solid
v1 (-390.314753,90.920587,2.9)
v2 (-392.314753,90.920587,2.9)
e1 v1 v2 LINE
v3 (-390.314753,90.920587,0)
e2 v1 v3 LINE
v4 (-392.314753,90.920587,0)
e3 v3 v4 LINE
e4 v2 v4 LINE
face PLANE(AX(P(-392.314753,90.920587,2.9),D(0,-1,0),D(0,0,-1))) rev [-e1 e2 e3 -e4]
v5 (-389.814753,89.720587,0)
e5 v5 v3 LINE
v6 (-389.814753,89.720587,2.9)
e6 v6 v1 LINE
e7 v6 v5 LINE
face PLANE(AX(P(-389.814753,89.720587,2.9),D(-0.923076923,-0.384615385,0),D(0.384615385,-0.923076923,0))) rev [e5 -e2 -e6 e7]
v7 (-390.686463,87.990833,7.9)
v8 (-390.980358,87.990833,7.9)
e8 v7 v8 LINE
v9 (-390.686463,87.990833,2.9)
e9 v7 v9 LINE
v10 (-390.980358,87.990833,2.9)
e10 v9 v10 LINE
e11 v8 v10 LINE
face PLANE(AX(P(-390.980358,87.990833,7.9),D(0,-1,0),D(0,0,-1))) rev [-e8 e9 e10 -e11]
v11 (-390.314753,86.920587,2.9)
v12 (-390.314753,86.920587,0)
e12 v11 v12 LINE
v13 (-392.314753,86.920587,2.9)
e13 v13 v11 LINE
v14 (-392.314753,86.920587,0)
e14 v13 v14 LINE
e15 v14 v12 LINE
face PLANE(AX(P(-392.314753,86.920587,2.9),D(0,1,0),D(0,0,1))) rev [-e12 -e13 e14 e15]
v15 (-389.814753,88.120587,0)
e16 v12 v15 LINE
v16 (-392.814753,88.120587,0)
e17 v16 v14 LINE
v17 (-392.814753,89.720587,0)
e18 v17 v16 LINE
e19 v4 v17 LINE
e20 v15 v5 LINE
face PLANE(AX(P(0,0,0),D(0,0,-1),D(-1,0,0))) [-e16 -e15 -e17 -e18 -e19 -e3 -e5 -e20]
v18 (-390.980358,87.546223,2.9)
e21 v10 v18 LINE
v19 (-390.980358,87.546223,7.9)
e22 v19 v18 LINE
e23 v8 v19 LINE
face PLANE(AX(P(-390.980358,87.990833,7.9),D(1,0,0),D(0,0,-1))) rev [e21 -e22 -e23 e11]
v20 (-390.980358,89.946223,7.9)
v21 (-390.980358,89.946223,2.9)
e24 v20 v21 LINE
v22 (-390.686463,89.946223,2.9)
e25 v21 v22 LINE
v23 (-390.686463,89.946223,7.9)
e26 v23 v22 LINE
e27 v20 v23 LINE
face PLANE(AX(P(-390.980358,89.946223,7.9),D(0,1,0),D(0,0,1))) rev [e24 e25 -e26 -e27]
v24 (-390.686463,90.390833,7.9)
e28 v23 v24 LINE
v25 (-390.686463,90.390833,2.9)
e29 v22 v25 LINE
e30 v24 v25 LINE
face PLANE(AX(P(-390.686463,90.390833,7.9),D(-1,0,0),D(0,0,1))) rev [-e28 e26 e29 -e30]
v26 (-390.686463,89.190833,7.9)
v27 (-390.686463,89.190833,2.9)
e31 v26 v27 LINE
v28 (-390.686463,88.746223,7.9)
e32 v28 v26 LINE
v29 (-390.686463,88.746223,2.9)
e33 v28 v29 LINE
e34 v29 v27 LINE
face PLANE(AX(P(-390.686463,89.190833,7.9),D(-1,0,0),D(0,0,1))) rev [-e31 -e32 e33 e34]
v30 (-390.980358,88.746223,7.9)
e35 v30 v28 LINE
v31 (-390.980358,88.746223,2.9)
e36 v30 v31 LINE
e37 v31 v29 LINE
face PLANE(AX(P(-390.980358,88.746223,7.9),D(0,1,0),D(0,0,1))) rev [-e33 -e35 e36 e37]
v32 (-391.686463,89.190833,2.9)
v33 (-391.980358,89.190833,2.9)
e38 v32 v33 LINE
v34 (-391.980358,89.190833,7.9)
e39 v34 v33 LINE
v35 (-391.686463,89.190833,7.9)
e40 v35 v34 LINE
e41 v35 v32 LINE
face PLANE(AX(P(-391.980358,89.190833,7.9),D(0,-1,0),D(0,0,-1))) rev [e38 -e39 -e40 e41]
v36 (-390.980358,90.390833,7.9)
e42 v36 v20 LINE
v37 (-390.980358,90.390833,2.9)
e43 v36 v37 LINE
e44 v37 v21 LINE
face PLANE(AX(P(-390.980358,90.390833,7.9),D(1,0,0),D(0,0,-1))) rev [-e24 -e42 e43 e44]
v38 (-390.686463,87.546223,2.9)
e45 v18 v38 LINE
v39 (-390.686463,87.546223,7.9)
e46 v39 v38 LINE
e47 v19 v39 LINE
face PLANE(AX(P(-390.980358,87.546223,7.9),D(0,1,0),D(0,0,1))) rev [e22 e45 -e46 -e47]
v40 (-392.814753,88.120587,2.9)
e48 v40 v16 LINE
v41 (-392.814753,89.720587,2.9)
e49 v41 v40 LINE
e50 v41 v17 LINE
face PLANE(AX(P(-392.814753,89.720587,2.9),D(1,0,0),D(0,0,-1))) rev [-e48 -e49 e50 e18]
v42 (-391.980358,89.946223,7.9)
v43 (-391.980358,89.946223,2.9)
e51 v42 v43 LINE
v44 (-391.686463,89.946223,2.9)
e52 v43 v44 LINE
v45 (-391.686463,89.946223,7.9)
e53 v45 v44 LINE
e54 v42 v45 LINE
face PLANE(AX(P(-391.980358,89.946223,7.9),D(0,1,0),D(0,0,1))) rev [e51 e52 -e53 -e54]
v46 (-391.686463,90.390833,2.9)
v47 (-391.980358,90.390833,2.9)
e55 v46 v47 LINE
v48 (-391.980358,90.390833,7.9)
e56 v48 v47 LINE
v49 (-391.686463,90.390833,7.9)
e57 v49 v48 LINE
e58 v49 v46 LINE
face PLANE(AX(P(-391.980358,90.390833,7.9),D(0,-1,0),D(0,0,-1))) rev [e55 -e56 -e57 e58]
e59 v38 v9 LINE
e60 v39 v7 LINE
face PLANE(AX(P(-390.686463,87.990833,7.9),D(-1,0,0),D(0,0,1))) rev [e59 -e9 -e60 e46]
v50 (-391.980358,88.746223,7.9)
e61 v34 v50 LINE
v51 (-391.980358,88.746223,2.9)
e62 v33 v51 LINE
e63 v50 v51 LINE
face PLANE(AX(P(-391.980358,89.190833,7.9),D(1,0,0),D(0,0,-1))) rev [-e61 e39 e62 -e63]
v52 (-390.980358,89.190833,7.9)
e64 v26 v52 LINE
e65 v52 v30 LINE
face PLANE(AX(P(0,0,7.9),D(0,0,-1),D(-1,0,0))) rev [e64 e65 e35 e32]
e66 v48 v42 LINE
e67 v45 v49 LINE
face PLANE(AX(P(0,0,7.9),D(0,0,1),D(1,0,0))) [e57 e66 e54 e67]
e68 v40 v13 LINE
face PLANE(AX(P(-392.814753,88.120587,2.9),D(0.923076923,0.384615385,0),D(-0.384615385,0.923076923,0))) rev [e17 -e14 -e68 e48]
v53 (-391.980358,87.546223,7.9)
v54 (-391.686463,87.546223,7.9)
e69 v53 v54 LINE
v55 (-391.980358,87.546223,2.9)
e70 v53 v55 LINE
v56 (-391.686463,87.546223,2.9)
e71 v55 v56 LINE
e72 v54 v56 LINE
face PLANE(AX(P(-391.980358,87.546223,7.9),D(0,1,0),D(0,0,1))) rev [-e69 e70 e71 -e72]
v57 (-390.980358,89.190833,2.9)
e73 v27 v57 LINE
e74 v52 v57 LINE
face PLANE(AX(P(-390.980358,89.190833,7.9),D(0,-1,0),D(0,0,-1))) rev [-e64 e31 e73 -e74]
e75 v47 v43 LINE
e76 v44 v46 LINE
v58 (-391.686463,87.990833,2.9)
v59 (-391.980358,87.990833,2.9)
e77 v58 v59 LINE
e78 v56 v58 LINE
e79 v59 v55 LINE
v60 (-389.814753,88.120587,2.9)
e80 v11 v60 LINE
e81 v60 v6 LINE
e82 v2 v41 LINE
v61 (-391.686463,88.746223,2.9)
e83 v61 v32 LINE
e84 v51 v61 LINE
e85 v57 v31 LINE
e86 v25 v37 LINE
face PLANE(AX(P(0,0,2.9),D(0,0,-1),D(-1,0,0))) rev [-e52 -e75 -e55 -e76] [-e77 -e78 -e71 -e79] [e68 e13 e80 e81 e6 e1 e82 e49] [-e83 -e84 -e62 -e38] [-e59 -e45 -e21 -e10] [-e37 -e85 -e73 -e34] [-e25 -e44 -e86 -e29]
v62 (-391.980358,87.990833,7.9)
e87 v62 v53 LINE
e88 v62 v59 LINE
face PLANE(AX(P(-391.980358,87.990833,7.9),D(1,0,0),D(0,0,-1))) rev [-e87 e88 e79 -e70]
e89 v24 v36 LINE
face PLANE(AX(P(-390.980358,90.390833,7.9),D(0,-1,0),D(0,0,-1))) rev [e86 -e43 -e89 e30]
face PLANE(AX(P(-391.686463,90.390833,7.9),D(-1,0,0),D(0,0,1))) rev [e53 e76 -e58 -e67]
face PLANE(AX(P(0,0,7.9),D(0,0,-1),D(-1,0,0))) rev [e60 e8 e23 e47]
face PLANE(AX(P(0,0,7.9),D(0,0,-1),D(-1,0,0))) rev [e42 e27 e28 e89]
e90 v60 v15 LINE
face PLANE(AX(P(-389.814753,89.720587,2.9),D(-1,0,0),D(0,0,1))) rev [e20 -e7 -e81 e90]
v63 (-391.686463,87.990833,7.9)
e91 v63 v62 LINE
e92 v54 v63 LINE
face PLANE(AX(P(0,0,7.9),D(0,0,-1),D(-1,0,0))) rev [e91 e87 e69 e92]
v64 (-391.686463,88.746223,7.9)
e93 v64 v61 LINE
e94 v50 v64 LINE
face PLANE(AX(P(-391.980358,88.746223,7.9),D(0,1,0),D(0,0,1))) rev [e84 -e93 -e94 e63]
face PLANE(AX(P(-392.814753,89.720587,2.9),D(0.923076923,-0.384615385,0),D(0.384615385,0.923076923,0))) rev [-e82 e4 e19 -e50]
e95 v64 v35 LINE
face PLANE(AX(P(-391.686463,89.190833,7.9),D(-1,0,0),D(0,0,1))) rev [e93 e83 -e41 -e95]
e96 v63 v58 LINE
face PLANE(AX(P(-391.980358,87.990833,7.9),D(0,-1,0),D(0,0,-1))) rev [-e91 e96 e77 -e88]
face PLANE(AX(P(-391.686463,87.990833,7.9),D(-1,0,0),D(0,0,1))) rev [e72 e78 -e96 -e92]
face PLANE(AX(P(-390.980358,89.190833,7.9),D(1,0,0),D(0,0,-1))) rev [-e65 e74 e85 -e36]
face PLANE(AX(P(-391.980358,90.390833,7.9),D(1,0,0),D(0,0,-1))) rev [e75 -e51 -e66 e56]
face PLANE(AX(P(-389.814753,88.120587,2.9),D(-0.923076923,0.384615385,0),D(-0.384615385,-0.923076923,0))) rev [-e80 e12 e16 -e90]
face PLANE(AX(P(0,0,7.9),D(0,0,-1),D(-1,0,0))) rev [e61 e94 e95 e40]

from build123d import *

# Parameters (mm, degrees)
EXTRUDE_1_DEPTH = 2.9
SKETCH_2_W      = 0.293894488
SKETCH_2_H      = 0.44460961
EXTRUDE_2_DEPTH = 5


with BuildPart() as part:
    # Эскиз1 → Бобышка-Вытянуть1 (new body)
    with BuildSketch(Plane.XY):
        Polygon((-392.814753218, 89.720587497), (-392.314753218, 90.920587497), (-390.314753218, 90.920587497), (-389.814753218, 89.720587497), (-389.814753218, 88.120587497), (-390.314753218, 86.920587497), (-392.314753218, 86.920587497), (-392.814753218, 88.120587497), align=None)
    extrude(amount=EXTRUDE_1_DEPTH)

    # Эскиз2 → Бобышка-Вытянуть2 (add)
    with BuildSketch(Plane.XY.offset(2.9)):
        with Locations((-390.83341038, 90.168528042)):
            Rectangle(SKETCH_2_W, SKETCH_2_H)
        with Locations((-391.83341038, 90.168528042)):
            Rectangle(SKETCH_2_W, SKETCH_2_H)
        with Locations((-390.83341038, 88.968528042)):
            Rectangle(SKETCH_2_W, SKETCH_2_H)
        with Locations((-390.83341038, 87.768528042)):
            Rectangle(SKETCH_2_W, SKETCH_2_H)
        with Locations((-391.83341038, 88.968528042)):
            Rectangle(SKETCH_2_W, SKETCH_2_H)
        with Locations((-391.83341038, 87.768528042)):
            Rectangle(SKETCH_2_W, SKETCH_2_H)
    extrude(amount=EXTRUDE_2_DEPTH)


solid = part.part
